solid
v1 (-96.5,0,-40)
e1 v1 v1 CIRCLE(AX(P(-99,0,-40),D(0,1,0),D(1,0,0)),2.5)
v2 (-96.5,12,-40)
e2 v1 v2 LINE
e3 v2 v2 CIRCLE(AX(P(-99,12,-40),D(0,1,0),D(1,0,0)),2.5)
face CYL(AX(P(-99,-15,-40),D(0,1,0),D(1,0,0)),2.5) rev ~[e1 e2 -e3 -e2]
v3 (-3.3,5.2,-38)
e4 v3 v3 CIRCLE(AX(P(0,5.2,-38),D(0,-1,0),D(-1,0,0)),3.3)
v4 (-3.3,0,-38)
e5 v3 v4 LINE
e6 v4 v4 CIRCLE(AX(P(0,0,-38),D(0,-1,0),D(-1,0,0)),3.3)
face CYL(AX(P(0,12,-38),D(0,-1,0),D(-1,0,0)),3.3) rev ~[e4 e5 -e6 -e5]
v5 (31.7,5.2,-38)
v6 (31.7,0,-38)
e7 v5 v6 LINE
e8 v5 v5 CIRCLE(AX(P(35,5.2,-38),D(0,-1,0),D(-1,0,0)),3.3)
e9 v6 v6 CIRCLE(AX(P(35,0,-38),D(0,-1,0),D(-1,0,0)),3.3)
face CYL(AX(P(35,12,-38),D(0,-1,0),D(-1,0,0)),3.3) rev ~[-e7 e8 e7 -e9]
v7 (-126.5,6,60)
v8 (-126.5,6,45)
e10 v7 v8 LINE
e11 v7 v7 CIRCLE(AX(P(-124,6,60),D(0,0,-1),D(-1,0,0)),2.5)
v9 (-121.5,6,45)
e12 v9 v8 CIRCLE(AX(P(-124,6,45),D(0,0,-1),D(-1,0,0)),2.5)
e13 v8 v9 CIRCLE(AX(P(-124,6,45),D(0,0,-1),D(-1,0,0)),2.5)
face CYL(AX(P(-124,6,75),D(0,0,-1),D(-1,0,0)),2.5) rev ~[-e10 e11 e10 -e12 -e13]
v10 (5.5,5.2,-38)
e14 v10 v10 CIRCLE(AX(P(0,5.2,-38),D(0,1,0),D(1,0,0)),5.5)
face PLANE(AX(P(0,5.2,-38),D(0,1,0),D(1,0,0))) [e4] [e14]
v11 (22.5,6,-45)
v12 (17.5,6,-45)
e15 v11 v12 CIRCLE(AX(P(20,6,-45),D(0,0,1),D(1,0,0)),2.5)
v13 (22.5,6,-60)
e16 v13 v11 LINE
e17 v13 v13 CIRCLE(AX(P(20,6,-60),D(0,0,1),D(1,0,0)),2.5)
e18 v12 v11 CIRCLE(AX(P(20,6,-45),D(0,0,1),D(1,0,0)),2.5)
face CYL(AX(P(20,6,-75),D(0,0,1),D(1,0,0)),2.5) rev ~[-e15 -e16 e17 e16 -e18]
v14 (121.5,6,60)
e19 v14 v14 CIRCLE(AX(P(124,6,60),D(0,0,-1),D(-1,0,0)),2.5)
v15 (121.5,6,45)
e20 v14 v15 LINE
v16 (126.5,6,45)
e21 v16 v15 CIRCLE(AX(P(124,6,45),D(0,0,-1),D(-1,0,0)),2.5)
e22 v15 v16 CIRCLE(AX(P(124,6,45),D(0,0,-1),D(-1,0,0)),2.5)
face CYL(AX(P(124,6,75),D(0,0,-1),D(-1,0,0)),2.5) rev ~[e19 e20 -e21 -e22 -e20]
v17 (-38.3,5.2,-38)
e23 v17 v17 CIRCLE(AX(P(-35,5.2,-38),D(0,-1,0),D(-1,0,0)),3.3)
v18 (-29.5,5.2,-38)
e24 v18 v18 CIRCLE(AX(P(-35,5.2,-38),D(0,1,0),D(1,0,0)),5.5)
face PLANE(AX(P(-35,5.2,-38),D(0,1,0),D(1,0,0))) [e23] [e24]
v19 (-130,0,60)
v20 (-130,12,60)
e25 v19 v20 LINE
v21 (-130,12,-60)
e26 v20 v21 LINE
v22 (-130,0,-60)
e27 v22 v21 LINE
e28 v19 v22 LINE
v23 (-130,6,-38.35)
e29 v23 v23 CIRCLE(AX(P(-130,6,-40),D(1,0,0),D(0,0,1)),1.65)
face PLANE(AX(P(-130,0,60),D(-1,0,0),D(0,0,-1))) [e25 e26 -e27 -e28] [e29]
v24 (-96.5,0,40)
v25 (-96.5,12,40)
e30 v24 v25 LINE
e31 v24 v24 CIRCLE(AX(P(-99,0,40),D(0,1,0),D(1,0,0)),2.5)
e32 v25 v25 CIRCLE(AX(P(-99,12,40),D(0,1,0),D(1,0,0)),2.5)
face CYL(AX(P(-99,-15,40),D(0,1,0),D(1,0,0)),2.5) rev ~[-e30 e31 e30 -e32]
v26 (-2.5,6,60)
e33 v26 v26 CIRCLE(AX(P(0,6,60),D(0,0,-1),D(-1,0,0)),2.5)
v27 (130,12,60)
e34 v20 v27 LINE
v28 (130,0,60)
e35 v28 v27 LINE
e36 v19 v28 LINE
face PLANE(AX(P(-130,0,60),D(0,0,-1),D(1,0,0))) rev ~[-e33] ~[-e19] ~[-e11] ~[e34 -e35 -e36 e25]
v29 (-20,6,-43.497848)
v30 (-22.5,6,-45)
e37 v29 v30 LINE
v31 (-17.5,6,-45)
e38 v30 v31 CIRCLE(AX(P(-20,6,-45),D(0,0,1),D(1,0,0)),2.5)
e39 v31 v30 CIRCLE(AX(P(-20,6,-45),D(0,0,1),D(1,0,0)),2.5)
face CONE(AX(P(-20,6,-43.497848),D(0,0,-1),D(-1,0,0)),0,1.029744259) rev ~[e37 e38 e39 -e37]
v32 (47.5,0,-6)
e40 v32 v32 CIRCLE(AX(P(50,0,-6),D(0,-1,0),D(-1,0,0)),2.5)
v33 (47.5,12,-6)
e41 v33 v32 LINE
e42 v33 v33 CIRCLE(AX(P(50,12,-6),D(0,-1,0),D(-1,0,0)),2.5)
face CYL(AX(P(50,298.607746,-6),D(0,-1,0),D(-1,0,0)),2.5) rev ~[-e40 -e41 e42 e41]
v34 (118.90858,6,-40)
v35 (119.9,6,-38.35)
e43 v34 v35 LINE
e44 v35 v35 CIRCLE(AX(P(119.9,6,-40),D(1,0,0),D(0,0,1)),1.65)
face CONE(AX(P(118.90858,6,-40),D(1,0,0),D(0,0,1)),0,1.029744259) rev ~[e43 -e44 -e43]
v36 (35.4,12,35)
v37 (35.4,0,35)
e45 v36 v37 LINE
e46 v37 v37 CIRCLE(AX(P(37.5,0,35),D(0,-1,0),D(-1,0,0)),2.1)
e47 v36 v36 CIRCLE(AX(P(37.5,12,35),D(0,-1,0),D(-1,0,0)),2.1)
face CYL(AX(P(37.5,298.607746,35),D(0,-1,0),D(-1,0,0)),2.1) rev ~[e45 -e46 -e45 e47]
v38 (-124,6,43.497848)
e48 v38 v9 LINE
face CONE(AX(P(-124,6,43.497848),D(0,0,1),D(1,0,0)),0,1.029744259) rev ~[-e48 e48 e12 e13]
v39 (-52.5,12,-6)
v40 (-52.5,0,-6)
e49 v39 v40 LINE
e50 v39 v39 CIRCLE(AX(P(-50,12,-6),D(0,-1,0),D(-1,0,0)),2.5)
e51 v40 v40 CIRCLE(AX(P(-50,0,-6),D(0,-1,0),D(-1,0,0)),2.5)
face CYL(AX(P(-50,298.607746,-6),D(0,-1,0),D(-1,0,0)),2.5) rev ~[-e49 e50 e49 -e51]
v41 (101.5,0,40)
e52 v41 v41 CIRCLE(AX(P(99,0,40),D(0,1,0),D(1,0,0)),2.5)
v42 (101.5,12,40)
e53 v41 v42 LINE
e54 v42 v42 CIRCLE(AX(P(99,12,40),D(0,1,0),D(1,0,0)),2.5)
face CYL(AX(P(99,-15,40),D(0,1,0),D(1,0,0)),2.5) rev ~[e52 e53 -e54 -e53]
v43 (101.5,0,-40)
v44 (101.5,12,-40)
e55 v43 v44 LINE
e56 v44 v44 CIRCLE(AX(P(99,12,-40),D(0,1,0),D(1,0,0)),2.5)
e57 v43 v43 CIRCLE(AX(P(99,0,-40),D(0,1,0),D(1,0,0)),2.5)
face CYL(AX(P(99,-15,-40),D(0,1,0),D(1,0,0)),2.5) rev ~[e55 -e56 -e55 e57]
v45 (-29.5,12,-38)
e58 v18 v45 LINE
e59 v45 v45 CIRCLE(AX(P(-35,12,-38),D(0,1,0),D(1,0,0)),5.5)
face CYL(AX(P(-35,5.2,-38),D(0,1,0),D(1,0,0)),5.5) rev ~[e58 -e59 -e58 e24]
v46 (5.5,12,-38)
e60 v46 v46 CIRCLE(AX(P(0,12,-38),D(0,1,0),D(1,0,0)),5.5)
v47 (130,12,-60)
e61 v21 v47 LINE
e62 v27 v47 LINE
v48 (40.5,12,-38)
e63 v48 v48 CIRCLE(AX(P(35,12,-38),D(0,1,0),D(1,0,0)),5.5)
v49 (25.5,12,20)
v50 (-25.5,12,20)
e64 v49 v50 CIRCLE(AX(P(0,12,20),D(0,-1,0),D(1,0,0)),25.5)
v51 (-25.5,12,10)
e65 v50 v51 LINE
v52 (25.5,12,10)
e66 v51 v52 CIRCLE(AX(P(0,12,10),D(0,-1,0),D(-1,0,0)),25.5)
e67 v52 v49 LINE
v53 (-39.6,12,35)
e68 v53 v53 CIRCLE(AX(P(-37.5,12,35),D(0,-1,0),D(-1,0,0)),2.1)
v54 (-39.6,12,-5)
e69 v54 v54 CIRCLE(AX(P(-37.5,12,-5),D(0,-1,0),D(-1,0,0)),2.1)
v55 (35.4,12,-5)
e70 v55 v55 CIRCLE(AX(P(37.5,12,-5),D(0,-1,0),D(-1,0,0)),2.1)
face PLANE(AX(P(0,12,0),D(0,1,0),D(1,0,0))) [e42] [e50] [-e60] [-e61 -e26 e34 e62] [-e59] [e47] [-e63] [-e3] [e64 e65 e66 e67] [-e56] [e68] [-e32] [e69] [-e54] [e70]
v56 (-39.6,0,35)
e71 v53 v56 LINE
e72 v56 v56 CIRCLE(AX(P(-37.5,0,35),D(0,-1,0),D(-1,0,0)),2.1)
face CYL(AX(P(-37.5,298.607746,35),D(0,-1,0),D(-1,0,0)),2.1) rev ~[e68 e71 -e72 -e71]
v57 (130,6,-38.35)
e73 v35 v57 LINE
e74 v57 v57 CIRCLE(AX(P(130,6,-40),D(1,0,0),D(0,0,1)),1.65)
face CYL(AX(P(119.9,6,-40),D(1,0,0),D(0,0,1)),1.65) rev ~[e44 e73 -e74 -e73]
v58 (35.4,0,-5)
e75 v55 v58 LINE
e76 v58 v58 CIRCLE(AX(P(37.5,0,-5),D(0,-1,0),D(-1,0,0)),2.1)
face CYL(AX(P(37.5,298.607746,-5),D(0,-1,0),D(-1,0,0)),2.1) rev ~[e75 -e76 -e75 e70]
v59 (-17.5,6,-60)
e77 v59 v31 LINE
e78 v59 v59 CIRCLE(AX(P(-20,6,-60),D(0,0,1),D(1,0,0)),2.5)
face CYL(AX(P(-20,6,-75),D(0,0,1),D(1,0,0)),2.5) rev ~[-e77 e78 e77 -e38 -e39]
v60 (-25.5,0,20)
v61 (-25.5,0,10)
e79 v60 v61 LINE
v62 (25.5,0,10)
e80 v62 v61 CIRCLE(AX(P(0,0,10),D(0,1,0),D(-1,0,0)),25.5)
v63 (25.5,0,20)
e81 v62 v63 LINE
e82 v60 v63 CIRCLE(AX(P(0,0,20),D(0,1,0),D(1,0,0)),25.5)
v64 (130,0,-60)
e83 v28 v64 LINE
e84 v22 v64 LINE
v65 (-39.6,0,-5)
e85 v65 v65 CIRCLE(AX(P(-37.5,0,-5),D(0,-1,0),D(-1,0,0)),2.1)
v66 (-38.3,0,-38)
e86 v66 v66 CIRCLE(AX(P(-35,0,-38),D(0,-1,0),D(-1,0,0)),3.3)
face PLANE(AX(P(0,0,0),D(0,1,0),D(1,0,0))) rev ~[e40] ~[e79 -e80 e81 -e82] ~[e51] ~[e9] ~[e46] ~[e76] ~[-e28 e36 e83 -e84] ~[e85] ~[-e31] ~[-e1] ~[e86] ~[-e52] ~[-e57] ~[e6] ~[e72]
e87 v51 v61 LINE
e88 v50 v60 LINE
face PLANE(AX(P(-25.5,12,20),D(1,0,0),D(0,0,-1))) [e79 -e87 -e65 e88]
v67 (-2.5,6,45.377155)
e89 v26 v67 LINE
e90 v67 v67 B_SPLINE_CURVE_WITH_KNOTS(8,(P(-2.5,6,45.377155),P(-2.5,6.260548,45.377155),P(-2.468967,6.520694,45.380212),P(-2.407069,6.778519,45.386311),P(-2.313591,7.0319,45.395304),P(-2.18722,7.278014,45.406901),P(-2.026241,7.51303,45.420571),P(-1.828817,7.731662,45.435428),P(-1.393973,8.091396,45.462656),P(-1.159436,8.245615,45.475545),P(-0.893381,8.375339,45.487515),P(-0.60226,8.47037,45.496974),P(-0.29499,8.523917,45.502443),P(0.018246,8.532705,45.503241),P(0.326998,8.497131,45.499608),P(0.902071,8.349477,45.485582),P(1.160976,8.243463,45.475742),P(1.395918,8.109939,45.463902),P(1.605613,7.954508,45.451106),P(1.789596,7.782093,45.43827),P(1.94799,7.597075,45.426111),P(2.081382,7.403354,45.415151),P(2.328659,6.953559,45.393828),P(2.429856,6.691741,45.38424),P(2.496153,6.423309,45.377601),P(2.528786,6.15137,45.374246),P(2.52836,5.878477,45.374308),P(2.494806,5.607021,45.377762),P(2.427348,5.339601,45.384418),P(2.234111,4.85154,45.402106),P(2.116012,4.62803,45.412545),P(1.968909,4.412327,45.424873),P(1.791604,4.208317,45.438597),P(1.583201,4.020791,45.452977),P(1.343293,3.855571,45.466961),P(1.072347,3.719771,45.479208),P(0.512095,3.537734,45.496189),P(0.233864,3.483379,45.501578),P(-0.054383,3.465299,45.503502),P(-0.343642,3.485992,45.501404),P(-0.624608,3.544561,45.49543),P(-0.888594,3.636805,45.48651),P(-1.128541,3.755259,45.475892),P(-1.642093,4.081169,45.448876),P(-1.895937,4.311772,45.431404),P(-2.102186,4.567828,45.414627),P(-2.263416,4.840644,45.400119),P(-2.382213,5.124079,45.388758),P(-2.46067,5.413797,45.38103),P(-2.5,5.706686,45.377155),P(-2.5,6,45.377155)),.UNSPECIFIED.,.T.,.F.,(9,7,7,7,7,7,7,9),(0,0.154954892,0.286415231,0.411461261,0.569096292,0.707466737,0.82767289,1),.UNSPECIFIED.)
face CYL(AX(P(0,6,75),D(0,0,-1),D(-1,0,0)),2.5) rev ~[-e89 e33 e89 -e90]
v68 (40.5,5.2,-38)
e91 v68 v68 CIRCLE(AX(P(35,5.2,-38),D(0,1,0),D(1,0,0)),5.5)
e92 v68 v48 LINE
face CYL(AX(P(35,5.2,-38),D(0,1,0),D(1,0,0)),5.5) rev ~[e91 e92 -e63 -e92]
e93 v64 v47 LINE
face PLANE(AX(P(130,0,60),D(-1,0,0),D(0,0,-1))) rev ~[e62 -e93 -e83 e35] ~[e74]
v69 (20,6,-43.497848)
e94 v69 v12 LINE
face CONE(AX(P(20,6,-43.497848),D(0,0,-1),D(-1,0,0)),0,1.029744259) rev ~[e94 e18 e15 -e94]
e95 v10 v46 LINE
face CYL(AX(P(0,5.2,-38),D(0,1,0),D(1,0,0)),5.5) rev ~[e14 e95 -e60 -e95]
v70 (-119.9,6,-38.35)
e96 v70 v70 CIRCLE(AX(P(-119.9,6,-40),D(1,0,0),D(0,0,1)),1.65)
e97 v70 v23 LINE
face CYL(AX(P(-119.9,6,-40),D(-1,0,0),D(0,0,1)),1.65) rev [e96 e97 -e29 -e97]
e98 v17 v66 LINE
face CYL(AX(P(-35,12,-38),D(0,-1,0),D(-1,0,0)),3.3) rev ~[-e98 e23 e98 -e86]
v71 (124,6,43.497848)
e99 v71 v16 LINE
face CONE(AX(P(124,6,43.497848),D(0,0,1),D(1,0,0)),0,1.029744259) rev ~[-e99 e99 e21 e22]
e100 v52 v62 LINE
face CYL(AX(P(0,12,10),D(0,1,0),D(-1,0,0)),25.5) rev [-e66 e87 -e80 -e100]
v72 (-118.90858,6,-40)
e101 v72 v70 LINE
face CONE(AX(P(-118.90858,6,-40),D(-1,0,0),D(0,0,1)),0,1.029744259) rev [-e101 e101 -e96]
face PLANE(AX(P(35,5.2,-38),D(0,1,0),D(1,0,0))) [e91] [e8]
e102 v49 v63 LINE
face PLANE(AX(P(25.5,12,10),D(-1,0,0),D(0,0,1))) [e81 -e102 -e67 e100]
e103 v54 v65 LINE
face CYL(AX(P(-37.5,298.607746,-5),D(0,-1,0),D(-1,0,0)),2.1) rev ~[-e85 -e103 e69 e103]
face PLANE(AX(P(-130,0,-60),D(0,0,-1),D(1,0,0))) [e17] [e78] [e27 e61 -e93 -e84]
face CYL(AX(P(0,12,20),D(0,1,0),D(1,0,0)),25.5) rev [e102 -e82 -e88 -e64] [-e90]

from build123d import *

# Parameters (mm, degrees)
SKETCH_1_W                = 260
SKETCH_1_H                = 120
EXTRUDE_1_DEPTH           = 12
HOLE_WIZARD_M6_1_D        = 5
HOLE_WIZARD_M6_1_DEPTH    = 15
HOLE_WIZARD_M6_1_TIP      = 1.502151548
CUT_EXTRUDE_1_DEPTH       = 144.680200445
HOLE_WIZARD_1_D           = 6.6
HOLE_WIZARD_1_CBORE_D     = 11
HOLE_WIZARD_1_CBORE_DEPTH = 6.8
HOLE_WIZARD_M6_3_D        = 5
HOLE_WIZARD_M6_3_DEPTH    = 15
HOLE_WIZARD_M6_3_TIP      = 1.502151548
HOLE_WIZARD_M5_1_D        = 4.2
HOLE_WIZARD_M6_4_D        = 5
HOLE_WIZARD_M6_5_D        = 5
HOLE_WIZARD_M6_5_DEPTH    = 15
HOLE_WIZARD_M6_5_TIP      = 1.502151548


with BuildPart() as part:
    # 草图1 → 凸台-拉伸1 (new body)
    with BuildSketch(Plane(origin=(0, 0, 0), x_dir=(1, 0, 0), z_dir=(0, 1, 0))):
        Rectangle(SKETCH_1_W, SKETCH_1_H)
    extrude(amount=EXTRUDE_1_DEPTH)

    # M6 螺纹孔1
    with Locations(Plane.XY.offset(60)):
        with Locations((-124, 6), (0, 6), (124, 6)):
            Hole(HOLE_WIZARD_M6_1_D / 2, depth=HOLE_WIZARD_M6_1_DEPTH)
            with Locations((0, 0, -(HOLE_WIZARD_M6_1_DEPTH + HOLE_WIZARD_M6_1_TIP / 2))):  # 118° drill point
                Cone(0, HOLE_WIZARD_M6_1_D / 2, HOLE_WIZARD_M6_1_TIP, mode=Mode.SUBTRACT)

    # 草图4 → 切除-拉伸1 (cut, through all)
    with BuildSketch(Plane(origin=(0, 12, 0), x_dir=(1, 0, 0), z_dir=(0, 1, 0))):
        with BuildLine():
            Line((25.5, -10), (25.5, -20))
            ThreePointArc((25.5, -20), (0, -45.5), (-25.5, -20))
            Line((-25.5, -20), (-25.5, -10))
            ThreePointArc((-25.5, -10), (0, 15.5), (25.5, -10))
        make_face()
    extrude(amount=-CUT_EXTRUDE_1_DEPTH, mode=Mode.SUBTRACT)

    # 打孔尺寸根据内六角圆柱头螺钉的类型1 (through all)
    with Locations(Plane(origin=(0, 12, 0), x_dir=(1, 0, 0), z_dir=(0, 1, 0))):
        with Locations((-35, 38), (35, 38), (0, 38)):
            CounterBoreHole(HOLE_WIZARD_1_D / 2, HOLE_WIZARD_1_CBORE_D / 2, HOLE_WIZARD_1_CBORE_DEPTH)

    # M6 螺纹孔3
    with Locations(Plane(origin=(0, 0, -60), x_dir=(-1, 0, 0), z_dir=(0, 0, -1))):
        with Locations((20, 6), (-20, 6)):
            Hole(HOLE_WIZARD_M6_3_D / 2, depth=HOLE_WIZARD_M6_3_DEPTH)
            with Locations((0, 0, -(HOLE_WIZARD_M6_3_DEPTH + HOLE_WIZARD_M6_3_TIP / 2))):  # 118° drill point
                Cone(0, HOLE_WIZARD_M6_3_D / 2, HOLE_WIZARD_M6_3_TIP, mode=Mode.SUBTRACT)

    # M5 螺纹孔1 (through all)
    with Locations(Plane(origin=(0, 12, 0), x_dir=(1, 0, 0), z_dir=(0, 1, 0))):
        with Locations((37.5, 5), (37.5, -35), (-37.5, -35), (-37.5, 5)):
            Hole(HOLE_WIZARD_M5_1_D / 2)

    # M6 螺纹孔4 (through all)
    with Locations(Plane(origin=(0, 12, 0), x_dir=(1, 0, 0), z_dir=(0, 1, 0))):
        with Locations((50, 6), (-50, 6)):
            Hole(HOLE_WIZARD_M6_4_D / 2)

    # M6 螺纹孔5
    with Locations(Plane(origin=(0, 0, 0), x_dir=(-1, 0, 0), z_dir=(0, -1, 0))):
        with Locations((99, -40), (99, 40), (-99, 40), (-99, -40)):
            Hole(HOLE_WIZARD_M6_5_D / 2, depth=HOLE_WIZARD_M6_5_DEPTH)
            with Locations((0, 0, -(HOLE_WIZARD_M6_5_DEPTH + HOLE_WIZARD_M6_5_TIP / 2))):  # 118° drill point
                Cone(0, HOLE_WIZARD_M6_5_D / 2, HOLE_WIZARD_M6_5_TIP, mode=Mode.SUBTRACT)

    # 草图15 → M4 螺纹孔1 (revolve, cut)
    with BuildSketch(Plane(origin=(-130, 6, -40), x_dir=(0, 0, 1), z_dir=(0, 1, 0))):
        Polygon((0, 0), (0, 11.091420021), (1.65, 10.1), (1.65, 0), align=None)
    hole_wizard_m4_1 = revolve(axis=Axis((-136.35, 6, -40), (1, 0, 0)), mode=Mode.SUBTRACT)

    # 镜向1: M4 螺纹孔1 across plane
    add(hole_wizard_m4_1.mirror(Plane(origin=(0, 0, 0), x_dir=(0, 0, 1), z_dir=(1, 0, 0))), mode=Mode.SUBTRACT)


solid = part.part
